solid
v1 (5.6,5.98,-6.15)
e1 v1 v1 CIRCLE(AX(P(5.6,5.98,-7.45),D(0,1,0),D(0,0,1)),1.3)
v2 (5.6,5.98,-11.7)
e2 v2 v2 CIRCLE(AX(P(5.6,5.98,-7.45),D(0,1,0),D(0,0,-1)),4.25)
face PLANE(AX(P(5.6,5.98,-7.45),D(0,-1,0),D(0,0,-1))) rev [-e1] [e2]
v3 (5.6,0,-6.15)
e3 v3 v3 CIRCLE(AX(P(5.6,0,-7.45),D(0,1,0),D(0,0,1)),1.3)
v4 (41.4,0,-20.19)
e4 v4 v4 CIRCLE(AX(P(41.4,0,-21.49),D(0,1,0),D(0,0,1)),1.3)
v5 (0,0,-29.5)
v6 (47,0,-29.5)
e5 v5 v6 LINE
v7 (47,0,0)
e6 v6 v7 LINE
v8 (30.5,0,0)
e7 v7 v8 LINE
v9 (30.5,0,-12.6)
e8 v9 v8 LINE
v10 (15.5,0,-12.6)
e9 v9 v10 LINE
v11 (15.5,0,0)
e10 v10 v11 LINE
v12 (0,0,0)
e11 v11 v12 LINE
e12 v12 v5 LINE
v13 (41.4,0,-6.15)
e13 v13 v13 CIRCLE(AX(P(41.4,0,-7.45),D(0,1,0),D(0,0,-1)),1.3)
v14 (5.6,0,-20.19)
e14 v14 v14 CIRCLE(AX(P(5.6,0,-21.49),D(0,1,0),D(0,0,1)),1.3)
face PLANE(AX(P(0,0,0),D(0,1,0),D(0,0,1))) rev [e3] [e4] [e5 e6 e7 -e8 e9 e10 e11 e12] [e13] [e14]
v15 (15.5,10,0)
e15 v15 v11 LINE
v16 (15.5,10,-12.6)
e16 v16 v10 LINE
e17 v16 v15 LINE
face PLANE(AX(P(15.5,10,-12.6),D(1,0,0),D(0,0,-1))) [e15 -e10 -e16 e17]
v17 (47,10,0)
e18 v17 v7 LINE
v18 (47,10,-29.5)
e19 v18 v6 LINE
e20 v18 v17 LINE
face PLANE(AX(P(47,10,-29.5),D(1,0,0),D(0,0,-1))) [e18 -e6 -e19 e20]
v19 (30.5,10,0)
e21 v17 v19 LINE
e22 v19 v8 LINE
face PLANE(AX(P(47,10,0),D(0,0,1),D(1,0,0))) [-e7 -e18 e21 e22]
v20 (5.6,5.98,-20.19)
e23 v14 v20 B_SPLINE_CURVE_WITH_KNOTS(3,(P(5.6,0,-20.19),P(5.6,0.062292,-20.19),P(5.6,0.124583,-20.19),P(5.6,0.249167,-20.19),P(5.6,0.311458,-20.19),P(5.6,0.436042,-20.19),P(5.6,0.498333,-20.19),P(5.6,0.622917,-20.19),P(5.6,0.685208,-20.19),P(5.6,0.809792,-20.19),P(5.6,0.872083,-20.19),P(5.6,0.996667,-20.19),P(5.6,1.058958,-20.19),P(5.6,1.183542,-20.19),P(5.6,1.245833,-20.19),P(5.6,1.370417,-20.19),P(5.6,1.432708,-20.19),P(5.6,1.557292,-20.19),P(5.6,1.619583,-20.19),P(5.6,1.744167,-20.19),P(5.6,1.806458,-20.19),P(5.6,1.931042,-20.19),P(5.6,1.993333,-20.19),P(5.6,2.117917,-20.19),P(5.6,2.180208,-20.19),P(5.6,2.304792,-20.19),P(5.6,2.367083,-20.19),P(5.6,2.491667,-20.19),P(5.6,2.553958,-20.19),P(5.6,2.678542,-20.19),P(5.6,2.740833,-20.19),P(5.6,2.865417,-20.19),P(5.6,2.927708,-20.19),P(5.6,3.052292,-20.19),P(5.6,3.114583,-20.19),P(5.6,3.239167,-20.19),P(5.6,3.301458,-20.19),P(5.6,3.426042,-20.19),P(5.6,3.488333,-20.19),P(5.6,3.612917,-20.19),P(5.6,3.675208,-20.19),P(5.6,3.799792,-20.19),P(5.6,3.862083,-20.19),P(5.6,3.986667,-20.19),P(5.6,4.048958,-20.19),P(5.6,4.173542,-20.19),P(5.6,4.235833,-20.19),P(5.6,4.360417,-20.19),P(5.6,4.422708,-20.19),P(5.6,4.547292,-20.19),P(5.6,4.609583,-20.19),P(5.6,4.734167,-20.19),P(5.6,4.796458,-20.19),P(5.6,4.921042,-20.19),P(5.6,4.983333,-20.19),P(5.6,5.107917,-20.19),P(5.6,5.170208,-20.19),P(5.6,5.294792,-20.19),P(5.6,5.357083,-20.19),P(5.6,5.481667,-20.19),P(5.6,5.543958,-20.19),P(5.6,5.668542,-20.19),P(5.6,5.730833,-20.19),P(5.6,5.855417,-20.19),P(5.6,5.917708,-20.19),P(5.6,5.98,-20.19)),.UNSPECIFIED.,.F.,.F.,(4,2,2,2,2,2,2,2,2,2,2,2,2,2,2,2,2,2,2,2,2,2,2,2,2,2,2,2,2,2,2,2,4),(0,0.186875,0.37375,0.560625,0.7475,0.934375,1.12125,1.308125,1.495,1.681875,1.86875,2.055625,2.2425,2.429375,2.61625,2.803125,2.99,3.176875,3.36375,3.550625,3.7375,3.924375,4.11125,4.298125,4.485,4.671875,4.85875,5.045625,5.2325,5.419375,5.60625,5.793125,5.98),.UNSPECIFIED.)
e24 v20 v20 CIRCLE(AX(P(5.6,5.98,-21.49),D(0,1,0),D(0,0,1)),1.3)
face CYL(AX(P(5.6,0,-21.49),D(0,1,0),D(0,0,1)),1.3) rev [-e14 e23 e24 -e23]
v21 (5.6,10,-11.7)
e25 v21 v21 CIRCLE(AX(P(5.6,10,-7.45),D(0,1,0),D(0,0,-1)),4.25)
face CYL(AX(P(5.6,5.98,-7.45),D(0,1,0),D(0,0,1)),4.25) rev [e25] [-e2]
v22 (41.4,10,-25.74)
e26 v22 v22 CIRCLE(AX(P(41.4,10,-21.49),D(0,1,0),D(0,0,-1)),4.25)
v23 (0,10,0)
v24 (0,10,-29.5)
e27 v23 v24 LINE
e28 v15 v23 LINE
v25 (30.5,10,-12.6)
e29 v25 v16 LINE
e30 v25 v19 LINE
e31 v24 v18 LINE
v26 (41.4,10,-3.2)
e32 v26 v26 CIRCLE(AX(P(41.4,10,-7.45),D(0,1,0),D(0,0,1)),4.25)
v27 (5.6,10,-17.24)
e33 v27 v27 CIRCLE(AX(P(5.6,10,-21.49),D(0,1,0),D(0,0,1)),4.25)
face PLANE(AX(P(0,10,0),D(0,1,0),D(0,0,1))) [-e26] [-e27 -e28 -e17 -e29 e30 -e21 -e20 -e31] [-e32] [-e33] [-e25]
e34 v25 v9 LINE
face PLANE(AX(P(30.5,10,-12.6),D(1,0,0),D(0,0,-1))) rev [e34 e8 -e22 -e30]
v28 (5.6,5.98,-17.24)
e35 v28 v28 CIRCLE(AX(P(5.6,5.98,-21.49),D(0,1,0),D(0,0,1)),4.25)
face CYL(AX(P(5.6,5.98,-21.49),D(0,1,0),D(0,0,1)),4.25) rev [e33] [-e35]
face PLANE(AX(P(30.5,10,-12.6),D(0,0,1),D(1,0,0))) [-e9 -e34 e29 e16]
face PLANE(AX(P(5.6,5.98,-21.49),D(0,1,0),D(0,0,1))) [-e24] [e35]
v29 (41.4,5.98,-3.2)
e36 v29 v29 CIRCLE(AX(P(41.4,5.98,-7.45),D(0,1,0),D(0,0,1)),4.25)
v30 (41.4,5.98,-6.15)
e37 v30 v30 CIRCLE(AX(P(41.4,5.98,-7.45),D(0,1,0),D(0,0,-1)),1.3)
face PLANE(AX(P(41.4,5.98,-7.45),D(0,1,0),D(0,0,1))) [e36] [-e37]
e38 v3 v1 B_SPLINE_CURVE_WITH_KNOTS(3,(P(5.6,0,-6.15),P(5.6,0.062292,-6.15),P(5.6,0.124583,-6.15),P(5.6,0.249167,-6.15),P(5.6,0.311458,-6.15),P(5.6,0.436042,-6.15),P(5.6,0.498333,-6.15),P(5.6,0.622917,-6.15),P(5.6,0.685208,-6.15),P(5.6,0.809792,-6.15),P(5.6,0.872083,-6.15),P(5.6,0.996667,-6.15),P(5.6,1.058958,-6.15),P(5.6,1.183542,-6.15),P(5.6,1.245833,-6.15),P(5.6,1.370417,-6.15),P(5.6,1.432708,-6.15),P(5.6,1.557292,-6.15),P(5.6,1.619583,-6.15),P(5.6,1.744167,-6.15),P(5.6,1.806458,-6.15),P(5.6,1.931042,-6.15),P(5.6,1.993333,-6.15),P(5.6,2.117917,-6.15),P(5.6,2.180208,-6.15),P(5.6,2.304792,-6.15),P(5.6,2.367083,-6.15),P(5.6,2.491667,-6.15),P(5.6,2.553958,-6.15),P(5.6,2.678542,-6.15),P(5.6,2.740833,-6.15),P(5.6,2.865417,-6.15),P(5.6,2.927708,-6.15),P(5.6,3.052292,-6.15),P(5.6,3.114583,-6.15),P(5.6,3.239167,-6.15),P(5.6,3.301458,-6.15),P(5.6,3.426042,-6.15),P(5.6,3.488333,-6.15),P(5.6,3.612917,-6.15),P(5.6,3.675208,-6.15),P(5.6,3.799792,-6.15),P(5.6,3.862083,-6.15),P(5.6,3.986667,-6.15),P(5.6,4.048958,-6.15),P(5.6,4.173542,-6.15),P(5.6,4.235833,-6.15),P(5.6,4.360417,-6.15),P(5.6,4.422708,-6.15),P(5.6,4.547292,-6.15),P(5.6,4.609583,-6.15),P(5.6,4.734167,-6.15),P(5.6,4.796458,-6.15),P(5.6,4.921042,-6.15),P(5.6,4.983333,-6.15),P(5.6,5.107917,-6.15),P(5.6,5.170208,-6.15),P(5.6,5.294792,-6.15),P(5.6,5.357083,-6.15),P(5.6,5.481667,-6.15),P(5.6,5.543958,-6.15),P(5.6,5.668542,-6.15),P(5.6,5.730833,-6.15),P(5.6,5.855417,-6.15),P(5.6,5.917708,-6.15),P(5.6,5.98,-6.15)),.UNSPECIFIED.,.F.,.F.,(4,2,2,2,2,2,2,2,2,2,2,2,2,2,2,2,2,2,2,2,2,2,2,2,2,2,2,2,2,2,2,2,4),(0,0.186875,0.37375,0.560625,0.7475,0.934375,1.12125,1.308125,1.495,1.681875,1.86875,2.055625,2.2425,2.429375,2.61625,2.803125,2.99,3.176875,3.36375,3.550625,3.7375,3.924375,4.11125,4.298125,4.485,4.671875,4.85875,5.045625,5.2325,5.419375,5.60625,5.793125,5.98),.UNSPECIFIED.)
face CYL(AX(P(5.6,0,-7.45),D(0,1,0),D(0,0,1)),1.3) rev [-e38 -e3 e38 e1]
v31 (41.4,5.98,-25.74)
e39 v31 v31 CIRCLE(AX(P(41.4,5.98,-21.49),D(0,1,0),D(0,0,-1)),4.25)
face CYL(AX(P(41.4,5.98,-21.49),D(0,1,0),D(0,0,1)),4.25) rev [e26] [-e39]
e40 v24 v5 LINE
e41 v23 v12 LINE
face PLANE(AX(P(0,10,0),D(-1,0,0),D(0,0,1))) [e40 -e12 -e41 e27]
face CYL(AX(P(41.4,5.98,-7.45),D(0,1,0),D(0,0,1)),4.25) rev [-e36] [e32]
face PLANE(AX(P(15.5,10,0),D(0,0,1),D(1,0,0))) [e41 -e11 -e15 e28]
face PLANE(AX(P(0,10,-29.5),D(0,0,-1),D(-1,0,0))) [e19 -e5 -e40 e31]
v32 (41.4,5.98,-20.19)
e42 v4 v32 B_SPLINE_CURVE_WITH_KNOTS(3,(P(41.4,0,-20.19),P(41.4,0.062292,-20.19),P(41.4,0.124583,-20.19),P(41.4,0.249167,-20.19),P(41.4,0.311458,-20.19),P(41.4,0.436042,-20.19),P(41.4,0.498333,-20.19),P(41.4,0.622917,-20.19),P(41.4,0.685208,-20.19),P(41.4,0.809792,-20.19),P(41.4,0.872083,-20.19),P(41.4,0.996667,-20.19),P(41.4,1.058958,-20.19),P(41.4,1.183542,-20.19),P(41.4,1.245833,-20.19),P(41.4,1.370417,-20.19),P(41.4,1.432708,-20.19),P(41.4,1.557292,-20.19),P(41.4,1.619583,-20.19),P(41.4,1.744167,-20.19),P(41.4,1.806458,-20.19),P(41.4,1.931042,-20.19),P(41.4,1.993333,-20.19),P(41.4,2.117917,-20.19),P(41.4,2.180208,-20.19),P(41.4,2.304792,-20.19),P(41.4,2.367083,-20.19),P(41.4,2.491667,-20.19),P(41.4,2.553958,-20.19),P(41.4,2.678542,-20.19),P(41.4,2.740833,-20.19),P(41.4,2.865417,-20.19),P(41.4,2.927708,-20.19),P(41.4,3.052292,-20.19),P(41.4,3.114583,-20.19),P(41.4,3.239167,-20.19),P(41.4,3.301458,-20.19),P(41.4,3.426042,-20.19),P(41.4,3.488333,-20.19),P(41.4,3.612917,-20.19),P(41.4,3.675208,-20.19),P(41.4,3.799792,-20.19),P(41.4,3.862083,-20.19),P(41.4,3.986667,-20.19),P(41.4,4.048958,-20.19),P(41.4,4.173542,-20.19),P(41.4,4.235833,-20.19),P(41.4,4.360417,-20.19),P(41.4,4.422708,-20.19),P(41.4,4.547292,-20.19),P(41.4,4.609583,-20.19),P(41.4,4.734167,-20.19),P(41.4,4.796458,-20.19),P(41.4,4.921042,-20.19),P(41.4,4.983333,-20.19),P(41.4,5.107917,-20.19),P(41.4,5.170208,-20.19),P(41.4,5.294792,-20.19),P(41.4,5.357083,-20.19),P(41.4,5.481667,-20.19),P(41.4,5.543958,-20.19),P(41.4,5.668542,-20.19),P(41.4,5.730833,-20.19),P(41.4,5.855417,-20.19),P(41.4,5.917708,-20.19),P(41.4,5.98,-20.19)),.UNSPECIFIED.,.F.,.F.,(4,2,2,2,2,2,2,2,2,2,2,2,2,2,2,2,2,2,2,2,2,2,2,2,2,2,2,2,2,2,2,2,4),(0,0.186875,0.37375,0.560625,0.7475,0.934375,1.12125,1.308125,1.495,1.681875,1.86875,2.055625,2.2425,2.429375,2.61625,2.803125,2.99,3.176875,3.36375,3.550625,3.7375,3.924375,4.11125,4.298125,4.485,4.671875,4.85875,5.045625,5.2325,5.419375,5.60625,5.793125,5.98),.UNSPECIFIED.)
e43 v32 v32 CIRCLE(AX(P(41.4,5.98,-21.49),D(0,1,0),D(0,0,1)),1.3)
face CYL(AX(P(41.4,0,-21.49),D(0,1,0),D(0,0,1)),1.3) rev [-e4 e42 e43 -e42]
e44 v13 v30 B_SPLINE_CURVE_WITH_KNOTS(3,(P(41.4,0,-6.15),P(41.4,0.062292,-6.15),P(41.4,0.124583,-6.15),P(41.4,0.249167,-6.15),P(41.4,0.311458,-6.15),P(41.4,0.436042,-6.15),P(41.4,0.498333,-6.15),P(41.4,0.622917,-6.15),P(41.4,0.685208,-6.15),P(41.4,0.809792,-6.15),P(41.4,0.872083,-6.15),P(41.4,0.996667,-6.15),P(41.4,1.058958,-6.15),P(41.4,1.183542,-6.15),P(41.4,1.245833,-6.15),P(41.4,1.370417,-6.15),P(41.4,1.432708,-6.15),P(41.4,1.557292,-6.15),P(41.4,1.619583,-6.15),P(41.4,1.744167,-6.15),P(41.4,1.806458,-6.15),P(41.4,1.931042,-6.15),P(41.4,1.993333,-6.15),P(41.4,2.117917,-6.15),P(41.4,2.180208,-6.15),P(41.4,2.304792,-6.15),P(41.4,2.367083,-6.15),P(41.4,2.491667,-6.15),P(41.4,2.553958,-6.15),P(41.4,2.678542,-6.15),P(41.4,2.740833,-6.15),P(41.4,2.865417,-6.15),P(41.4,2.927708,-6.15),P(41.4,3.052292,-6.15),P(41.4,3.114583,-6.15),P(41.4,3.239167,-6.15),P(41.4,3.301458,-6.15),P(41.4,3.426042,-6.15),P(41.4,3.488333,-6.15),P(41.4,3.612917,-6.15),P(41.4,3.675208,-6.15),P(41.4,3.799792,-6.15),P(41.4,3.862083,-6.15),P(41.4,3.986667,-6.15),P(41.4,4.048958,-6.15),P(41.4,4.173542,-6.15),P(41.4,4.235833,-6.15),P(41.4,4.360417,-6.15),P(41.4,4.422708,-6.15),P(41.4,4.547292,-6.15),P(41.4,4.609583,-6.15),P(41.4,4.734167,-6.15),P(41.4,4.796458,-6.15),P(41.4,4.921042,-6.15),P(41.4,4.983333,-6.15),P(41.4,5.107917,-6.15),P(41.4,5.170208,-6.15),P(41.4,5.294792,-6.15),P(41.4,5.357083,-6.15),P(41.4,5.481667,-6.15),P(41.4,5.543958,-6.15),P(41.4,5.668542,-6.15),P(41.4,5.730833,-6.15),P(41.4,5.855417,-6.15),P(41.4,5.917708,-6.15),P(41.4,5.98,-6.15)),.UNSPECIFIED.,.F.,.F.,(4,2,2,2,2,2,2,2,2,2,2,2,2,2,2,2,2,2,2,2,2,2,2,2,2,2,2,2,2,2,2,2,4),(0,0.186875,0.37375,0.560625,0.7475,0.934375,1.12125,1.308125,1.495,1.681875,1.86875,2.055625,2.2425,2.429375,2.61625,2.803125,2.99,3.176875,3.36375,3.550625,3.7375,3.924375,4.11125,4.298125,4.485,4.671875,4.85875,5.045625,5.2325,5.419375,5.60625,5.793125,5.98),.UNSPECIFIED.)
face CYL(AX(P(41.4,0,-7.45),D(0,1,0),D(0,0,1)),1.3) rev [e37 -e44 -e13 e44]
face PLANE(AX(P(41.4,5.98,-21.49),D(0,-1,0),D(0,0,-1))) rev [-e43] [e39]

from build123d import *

# Parameters (mm, degrees)
BOSS_EXTRUDE2_DEPTH = 10
SKETCH2_R           = 4.25
CUT_EXTRUDE1_DEPTH  = 4.02
SKETCH3_R           = 1.3
CUT_EXTRUDE2_DEPTH  = 56.812278219


with BuildPart() as part:
    # Sketch1 → Boss-Extrude2 (new body)
    with BuildSketch(Plane(origin=(0, 0, 0), x_dir=(1, 0, 0), z_dir=(0, 1, 0))):
        Polygon((0, 0), (0, 29.5), (47, 29.5), (47, 0), (30.5, 0), (30.5, 12.6), (15.5, 12.6), (15.5, 0), align=None)
    extrude(amount=BOSS_EXTRUDE2_DEPTH)

    # Sketch2 → Cut-Extrude1 (cut)
    with BuildSketch(Plane(origin=(0, 10, 0), x_dir=(1, 0, 0), z_dir=(0, 1, 0))):
        with Locations(Location((41.4, 7.45, 0), (0, 0, 270))):
            Circle(SKETCH2_R)
        with Locations(Location((5.6, 7.45, 0), (0, 0, 90))):
            Circle(SKETCH2_R)
        with Locations(Location((5.6, 21.49, 0), (0, 0, 270))):
            Circle(SKETCH2_R)
        with Locations(Location((41.4, 21.49, 0), (0, 0, 90))):
            Circle(SKETCH2_R)
    extrude(amount=-CUT_EXTRUDE1_DEPTH, mode=Mode.SUBTRACT)

    # Sketch3 → Cut-Extrude2 (cut, through all)
    with BuildSketch(Plane(origin=(0, 5.98, 0), x_dir=(1, 0, 0), z_dir=(0, 1, 0))):
        with Locations(Location((5.6, 7.45, 0), (0, 0, 270))):
            Circle(SKETCH3_R)
        with Locations(Location((41.4, 7.45, 0), (0, 0, 270))):
            Circle(SKETCH3_R)
        with Locations(Location((5.6, 21.49, 0), (0, 0, 270))):
            Circle(SKETCH3_R)
        with Locations(Location((41.4, 21.49, 0), (0, 0, 270))):
            Circle(SKETCH3_R)
    extrude(amount=-CUT_EXTRUDE2_DEPTH, mode=Mode.SUBTRACT)


solid = part.part
